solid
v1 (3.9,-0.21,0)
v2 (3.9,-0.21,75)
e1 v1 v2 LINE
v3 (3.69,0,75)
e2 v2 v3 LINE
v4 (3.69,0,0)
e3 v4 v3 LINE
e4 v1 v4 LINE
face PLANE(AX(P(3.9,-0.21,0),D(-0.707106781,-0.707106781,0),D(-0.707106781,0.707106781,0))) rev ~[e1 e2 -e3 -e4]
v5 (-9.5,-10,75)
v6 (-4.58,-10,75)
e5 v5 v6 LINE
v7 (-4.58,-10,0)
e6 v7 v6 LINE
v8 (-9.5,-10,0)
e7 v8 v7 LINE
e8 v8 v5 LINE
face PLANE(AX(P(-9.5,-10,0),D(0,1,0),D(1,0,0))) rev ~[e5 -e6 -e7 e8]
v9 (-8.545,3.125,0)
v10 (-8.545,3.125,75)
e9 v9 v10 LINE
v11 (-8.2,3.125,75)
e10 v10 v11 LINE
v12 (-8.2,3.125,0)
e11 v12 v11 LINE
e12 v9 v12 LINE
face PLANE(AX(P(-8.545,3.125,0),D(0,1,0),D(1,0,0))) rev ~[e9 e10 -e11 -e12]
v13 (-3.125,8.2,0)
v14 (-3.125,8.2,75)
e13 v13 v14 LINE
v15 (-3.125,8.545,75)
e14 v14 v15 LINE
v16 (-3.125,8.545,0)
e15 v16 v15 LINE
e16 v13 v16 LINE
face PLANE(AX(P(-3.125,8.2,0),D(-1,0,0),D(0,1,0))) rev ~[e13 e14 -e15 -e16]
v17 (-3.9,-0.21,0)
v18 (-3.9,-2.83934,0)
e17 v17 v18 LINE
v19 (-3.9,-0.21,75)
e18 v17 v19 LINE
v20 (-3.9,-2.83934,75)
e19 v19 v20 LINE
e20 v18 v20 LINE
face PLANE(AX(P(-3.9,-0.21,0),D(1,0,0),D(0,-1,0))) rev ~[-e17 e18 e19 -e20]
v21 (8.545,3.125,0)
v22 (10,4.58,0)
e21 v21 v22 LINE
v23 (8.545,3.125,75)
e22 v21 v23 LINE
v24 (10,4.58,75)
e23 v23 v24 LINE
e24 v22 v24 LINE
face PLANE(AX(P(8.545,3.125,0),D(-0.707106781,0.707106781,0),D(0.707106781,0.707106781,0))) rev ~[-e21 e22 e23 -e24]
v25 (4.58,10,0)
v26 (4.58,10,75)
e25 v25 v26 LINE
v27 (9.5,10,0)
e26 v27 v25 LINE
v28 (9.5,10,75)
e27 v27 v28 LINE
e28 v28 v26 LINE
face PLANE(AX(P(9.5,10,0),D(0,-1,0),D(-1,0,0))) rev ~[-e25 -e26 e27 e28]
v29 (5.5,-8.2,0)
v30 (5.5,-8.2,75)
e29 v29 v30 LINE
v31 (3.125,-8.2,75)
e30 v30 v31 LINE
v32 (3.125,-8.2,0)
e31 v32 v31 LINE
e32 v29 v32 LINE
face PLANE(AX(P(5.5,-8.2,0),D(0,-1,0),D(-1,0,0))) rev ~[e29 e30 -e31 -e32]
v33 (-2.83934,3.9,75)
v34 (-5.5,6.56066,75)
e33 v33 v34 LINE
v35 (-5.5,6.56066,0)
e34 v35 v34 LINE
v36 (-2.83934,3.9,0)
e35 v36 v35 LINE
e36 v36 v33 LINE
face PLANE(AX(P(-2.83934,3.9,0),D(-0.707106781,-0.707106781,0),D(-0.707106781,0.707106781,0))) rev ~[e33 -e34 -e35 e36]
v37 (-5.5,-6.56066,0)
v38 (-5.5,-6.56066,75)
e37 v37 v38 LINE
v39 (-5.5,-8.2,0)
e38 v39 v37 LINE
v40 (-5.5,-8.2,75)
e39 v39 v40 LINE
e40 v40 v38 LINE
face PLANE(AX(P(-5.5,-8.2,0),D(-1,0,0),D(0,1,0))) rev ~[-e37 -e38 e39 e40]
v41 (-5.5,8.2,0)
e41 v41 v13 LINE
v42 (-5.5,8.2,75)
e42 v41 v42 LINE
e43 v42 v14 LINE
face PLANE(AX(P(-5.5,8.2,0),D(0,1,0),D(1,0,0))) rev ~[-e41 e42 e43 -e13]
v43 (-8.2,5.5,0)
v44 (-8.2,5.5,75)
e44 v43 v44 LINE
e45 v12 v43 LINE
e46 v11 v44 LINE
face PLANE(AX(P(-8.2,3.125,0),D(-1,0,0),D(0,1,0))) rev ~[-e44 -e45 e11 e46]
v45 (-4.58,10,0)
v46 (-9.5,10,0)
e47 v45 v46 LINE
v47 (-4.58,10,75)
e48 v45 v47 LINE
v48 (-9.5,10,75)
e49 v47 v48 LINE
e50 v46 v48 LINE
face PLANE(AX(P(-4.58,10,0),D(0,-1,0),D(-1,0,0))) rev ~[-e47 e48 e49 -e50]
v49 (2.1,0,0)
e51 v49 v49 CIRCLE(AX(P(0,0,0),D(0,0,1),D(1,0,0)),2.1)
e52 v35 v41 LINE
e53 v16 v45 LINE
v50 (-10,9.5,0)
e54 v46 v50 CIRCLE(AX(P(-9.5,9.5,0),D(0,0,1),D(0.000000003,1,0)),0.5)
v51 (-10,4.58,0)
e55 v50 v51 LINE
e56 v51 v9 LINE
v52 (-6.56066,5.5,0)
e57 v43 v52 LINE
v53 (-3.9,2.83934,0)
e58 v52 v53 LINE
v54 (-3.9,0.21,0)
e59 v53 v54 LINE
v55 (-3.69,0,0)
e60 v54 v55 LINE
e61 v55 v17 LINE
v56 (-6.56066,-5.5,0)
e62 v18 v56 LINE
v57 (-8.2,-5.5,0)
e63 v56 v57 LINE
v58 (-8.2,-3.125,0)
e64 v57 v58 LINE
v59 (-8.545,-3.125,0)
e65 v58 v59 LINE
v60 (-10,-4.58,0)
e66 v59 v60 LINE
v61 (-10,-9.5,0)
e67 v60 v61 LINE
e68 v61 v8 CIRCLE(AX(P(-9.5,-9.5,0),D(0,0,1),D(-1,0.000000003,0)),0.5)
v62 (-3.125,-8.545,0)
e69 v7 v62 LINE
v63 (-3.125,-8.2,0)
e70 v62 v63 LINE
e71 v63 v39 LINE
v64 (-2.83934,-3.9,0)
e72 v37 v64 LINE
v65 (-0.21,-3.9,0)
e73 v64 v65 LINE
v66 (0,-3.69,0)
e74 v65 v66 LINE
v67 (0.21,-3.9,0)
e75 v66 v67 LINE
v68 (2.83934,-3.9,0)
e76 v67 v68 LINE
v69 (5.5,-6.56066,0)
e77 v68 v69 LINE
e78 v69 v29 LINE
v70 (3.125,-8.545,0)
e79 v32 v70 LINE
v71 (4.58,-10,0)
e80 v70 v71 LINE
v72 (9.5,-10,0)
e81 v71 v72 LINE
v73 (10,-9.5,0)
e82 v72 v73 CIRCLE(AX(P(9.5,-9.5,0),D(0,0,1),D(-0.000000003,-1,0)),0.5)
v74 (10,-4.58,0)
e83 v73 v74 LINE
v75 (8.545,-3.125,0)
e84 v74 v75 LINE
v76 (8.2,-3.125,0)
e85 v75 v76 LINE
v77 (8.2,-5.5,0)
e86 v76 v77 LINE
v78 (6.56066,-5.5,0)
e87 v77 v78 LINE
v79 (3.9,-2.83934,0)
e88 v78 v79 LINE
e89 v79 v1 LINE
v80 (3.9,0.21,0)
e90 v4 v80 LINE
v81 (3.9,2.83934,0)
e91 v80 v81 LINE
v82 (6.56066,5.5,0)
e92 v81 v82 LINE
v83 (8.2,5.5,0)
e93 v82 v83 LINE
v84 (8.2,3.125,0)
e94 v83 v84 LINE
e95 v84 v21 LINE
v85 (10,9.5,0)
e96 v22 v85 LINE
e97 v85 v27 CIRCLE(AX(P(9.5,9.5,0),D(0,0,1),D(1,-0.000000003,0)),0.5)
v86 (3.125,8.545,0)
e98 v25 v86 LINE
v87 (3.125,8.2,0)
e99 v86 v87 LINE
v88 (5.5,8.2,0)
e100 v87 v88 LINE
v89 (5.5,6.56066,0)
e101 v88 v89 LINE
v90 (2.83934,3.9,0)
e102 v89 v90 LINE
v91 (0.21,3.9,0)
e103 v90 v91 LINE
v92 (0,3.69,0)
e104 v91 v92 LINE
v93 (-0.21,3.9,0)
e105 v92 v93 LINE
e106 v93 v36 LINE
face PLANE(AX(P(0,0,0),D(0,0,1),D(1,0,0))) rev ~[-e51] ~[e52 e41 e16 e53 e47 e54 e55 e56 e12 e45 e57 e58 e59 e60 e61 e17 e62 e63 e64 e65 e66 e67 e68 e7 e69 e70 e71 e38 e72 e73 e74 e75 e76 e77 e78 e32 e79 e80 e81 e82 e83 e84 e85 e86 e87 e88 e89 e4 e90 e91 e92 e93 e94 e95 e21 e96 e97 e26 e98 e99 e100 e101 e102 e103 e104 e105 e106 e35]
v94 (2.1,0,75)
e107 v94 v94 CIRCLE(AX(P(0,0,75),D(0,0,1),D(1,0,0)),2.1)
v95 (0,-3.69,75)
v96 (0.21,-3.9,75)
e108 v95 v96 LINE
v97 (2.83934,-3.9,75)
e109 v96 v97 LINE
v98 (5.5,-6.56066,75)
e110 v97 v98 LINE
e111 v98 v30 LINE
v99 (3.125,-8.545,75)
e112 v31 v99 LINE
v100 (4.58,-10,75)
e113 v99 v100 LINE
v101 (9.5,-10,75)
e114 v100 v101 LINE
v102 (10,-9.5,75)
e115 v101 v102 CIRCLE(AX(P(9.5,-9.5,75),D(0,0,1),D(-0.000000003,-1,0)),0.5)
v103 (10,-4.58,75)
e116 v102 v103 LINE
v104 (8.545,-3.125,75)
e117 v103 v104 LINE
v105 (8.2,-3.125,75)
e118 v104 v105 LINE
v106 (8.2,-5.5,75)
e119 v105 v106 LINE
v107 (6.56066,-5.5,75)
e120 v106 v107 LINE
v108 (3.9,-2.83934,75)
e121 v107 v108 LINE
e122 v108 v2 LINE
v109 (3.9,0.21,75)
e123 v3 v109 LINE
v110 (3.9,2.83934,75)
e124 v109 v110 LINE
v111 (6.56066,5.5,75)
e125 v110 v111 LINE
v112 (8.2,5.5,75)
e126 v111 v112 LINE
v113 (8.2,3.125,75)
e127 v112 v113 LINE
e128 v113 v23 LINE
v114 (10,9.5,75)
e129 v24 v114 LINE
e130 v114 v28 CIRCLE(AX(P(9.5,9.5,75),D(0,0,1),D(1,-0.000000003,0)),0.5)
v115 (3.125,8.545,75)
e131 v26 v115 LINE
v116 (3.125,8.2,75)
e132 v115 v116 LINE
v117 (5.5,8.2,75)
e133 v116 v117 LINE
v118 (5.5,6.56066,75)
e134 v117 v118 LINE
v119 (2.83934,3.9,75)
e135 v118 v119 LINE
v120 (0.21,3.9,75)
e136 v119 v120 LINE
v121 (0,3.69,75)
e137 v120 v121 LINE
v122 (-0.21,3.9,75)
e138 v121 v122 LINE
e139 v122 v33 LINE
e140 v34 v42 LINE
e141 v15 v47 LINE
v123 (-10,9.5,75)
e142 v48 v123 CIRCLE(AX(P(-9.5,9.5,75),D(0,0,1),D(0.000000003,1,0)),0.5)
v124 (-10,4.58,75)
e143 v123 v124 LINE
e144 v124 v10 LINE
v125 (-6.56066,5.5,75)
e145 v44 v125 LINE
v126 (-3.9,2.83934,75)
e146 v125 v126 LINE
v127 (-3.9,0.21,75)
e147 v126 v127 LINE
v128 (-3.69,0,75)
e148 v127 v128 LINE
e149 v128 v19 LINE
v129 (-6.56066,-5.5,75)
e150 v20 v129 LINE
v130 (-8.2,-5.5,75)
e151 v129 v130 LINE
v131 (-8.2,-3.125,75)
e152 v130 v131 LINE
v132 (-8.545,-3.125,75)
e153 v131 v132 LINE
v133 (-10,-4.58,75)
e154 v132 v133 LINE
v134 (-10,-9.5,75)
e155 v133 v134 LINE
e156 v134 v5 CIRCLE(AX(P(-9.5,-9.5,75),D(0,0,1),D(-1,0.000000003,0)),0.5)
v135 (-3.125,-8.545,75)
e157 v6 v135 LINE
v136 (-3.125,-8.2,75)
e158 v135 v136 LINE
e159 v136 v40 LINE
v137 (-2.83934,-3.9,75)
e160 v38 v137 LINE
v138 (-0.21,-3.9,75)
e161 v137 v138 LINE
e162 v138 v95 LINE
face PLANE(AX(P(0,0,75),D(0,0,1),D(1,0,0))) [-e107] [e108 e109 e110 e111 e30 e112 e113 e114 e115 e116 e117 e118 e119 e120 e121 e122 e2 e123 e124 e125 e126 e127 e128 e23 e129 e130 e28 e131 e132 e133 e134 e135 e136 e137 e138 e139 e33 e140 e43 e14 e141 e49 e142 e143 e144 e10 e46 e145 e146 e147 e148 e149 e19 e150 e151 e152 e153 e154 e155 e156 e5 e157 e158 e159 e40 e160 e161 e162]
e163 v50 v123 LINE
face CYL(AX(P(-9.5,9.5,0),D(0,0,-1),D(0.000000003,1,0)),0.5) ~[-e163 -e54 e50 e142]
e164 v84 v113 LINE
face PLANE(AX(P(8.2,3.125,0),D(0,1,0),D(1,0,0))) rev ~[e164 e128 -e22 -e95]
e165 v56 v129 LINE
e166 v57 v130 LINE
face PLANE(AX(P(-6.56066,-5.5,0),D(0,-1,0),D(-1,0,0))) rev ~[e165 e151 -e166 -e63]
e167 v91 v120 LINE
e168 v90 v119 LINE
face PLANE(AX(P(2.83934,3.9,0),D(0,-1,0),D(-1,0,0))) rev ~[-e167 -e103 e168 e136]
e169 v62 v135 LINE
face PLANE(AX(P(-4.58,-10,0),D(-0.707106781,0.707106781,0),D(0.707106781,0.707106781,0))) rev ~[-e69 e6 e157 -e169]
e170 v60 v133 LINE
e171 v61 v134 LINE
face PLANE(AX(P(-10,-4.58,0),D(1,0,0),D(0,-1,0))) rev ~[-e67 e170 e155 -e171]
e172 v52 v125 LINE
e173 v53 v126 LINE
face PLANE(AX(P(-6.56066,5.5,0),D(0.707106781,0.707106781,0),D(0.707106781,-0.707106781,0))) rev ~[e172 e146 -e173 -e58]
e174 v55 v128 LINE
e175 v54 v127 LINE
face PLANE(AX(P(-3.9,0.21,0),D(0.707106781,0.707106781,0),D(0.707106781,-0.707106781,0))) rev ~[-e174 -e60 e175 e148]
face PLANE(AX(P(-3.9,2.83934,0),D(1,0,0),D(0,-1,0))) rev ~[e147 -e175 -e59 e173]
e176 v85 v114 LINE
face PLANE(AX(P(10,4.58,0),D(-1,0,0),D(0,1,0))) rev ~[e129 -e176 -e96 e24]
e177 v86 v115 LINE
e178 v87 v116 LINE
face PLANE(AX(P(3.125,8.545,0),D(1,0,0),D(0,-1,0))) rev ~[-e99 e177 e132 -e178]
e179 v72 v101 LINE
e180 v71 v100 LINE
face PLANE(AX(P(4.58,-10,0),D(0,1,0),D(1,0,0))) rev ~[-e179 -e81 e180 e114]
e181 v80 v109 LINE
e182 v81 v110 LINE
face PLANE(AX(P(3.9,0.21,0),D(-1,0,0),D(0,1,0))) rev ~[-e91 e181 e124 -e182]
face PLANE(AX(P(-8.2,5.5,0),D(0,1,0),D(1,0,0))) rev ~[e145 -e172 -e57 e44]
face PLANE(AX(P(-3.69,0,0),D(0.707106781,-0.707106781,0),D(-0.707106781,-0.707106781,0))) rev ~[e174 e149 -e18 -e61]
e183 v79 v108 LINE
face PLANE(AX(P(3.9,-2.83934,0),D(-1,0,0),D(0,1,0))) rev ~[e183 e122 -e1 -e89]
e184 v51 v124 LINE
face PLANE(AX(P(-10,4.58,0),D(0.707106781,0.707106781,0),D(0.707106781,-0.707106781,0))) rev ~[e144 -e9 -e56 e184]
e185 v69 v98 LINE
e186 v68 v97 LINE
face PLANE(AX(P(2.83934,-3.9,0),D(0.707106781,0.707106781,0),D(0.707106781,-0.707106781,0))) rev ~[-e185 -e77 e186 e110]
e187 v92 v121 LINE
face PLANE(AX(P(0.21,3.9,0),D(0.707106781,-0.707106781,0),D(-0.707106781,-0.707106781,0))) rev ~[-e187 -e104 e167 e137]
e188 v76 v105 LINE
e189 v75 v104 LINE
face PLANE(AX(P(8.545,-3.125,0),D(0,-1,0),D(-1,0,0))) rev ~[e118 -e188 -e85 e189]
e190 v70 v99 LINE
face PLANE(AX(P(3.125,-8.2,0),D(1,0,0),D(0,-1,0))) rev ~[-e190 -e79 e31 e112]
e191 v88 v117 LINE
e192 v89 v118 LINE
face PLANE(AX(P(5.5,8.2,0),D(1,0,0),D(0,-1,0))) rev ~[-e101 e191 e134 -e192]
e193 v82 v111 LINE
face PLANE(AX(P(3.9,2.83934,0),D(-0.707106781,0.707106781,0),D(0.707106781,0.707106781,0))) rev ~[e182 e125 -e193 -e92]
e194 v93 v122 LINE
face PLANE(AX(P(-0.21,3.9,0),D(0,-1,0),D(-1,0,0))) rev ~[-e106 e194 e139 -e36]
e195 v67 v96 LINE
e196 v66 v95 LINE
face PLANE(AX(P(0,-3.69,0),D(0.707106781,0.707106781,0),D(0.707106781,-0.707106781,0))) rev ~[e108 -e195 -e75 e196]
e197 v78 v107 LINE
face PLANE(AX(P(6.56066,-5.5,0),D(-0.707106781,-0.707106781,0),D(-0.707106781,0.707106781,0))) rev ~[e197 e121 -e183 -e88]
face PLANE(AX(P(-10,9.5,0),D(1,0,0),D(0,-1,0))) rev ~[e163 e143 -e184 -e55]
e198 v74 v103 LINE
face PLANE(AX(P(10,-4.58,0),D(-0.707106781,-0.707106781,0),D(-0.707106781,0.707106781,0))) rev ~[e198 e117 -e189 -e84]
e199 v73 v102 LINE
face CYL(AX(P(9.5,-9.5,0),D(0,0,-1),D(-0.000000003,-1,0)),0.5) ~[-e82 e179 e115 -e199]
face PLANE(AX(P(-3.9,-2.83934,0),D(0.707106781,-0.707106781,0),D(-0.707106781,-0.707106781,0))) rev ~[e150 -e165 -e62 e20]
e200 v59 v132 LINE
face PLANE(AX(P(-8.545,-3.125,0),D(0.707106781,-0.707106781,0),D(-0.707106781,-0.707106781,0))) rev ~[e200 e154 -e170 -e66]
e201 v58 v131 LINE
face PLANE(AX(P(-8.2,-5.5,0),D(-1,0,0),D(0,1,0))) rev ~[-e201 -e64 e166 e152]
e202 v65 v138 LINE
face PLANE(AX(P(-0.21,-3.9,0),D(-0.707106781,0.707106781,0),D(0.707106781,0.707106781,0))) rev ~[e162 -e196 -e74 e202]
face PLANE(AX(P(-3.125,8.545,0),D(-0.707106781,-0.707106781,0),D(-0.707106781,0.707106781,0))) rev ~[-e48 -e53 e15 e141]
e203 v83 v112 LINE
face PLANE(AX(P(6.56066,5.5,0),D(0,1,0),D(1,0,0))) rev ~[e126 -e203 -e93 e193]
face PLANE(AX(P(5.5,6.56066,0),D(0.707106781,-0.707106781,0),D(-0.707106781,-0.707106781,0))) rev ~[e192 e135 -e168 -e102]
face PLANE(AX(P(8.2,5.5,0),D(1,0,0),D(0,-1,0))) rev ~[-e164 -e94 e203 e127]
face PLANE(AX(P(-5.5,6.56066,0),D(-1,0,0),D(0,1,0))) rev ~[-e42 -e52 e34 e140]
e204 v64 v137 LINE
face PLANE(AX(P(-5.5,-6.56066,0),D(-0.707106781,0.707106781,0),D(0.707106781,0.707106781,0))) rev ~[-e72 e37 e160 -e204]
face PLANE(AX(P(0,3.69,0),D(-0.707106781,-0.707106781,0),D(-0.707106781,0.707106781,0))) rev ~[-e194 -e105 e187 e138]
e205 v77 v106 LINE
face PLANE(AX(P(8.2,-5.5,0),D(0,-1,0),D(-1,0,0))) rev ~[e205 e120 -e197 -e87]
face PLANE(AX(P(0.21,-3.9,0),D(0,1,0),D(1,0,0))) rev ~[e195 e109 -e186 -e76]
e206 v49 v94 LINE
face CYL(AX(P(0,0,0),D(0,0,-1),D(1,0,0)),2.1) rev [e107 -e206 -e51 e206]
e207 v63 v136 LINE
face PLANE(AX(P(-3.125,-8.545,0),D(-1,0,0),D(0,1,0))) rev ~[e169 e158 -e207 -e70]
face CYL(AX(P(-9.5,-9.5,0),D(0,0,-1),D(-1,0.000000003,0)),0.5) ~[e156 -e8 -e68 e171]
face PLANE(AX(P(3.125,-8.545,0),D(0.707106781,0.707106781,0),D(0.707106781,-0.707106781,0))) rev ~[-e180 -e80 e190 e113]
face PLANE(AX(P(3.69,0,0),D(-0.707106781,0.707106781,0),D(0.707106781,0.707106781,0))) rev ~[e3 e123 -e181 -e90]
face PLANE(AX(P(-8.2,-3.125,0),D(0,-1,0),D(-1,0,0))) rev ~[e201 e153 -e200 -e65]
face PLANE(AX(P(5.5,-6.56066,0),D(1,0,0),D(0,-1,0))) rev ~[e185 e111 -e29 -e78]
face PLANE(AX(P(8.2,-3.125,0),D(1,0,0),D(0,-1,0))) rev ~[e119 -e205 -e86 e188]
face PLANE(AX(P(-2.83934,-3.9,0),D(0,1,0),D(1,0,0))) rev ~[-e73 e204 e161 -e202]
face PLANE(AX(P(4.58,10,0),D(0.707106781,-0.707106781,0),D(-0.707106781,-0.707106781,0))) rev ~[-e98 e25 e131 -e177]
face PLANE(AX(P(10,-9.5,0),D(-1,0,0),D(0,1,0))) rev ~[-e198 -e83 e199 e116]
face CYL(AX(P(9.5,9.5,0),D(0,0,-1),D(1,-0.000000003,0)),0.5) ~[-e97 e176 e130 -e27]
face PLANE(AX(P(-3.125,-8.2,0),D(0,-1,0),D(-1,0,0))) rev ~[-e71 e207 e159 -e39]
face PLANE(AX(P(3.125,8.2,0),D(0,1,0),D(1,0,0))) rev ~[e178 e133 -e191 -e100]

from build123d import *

# Parameters (mm, degrees)
SKETCH1_R           = 2.1
BOSS_EXTRUDE1_DEPTH = 75


with BuildPart() as part:
    # Sketch1 → Boss-Extrude1 (new body)
    with BuildSketch(Plane.XY):
        with BuildLine():
            Line((4.58, -10), (9.5, -10))
            ThreePointArc((9.5, -10), (9.853553391, -9.853553391), (10, -9.5))
            Line((10, -9.5), (10, -4.58))
            Line((10, -4.58), (8.545, -3.125))
            Line((8.545, -3.125), (8.2, -3.125))
            Line((8.2, -3.125), (8.2, -5.5))
            Line((8.2, -5.5), (6.560660172, -5.5))
            Line((6.560660172, -5.5), (3.9, -2.839339828))
            Line((3.9, -2.839339828), (3.9, -0.21))
            Line((3.9, -0.21), (3.69, 0))
            Line((3.69, 0), (3.9, 0.21))
            Line((3.9, 0.21), (3.9, 2.839339828))
            Line((3.9, 2.839339828), (6.560660172, 5.5))
            Line((6.560660172, 5.5), (8.2, 5.5))
            Line((8.2, 5.5), (8.2, 3.125))
            Line((8.2, 3.125), (8.545, 3.125))
            Line((8.545, 3.125), (10, 4.58))
            Line((10, 4.58), (10, 9.5))
            ThreePointArc((10, 9.5), (9.853553391, 9.853553391), (9.5, 10))
            Line((9.5, 10), (4.58, 10))
            Line((4.58, 10), (3.125, 8.545))
            Line((3.125, 8.545), (3.125, 8.2))
            Line((3.125, 8.2), (5.5, 8.2))
            Line((5.5, 8.2), (5.5, 6.560660172))
            Line((5.5, 6.560660172), (2.839339828, 3.9))
            Line((2.839339828, 3.9), (0.21, 3.9))
            Line((0.21, 3.9), (0, 3.69))
            Line((0, 3.69), (-0.21, 3.9))
            Line((-0.21, 3.9), (-2.839339828, 3.9))
            Line((-2.839339828, 3.9), (-5.5, 6.560660172))
            Line((-5.5, 6.560660172), (-5.5, 8.2))
            Line((-5.5, 8.2), (-3.125, 8.2))
            Line((-3.125, 8.2), (-3.125, 8.545))
            Line((-3.125, 8.545), (-4.58, 10))
            Line((-4.58, 10), (-9.5, 10))
            ThreePointArc((-9.5, 10), (-9.853553391, 9.853553391), (-10, 9.5))
            Line((-10, 9.5), (-10, 4.58))
            Line((-10, 4.58), (-8.545, 3.125))
            Line((-8.545, 3.125), (-8.2, 3.125))
            Line((-8.2, 3.125), (-8.2, 5.5))
            Line((-8.2, 5.5), (-6.560660172, 5.5))
            Line((-6.560660172, 5.5), (-3.9, 2.839339828))
            Line((-3.9, 2.839339828), (-3.9, 0.21))
            Line((-3.9, 0.21), (-3.69, 0))
            Line((-3.69, 0), (-3.9, -0.21))
            Line((-3.9, -0.21), (-3.9, -2.839339828))
            Line((-3.9, -2.839339828), (-6.560660172, -5.5))
            Line((-6.560660172, -5.5), (-8.2, -5.5))
            Line((-8.2, -5.5), (-8.2, -3.125))
            Line((-8.2, -3.125), (-8.545, -3.125))
            Line((-8.545, -3.125), (-10, -4.58))
            Line((-10, -4.58), (-10, -9.5))
            ThreePointArc((-10, -9.5), (-9.853553391, -9.853553391), (-9.5, -10))
            Line((-9.5, -10), (-4.58, -10))
            Line((-4.58, -10), (-3.125, -8.545))
            Line((-3.125, -8.545), (-3.125, -8.2))
            Line((-3.125, -8.2), (-5.5, -8.2))
            Line((-5.5, -8.2), (-5.5, -6.560660172))
            Line((-5.5, -6.560660172), (-2.839339828, -3.9))
            Line((-2.839339828, -3.9), (-0.21, -3.9))
            Line((-0.21, -3.9), (0, -3.69))
            Line((0, -3.69), (0.21, -3.9))
            Line((0.21, -3.9), (2.839339828, -3.9))
            Line((2.839339828, -3.9), (5.5, -6.560660172))
            Line((5.5, -6.560660172), (5.5, -8.2))
            Line((5.5, -8.2), (3.125, -8.2))
            Line((3.125, -8.2), (3.125, -8.545))
            Line((3.125, -8.545), (4.58, -10))
        make_face()
        Circle(SKETCH1_R, mode=Mode.SUBTRACT)
    extrude(amount=BOSS_EXTRUDE1_DEPTH)


solid = part.part
